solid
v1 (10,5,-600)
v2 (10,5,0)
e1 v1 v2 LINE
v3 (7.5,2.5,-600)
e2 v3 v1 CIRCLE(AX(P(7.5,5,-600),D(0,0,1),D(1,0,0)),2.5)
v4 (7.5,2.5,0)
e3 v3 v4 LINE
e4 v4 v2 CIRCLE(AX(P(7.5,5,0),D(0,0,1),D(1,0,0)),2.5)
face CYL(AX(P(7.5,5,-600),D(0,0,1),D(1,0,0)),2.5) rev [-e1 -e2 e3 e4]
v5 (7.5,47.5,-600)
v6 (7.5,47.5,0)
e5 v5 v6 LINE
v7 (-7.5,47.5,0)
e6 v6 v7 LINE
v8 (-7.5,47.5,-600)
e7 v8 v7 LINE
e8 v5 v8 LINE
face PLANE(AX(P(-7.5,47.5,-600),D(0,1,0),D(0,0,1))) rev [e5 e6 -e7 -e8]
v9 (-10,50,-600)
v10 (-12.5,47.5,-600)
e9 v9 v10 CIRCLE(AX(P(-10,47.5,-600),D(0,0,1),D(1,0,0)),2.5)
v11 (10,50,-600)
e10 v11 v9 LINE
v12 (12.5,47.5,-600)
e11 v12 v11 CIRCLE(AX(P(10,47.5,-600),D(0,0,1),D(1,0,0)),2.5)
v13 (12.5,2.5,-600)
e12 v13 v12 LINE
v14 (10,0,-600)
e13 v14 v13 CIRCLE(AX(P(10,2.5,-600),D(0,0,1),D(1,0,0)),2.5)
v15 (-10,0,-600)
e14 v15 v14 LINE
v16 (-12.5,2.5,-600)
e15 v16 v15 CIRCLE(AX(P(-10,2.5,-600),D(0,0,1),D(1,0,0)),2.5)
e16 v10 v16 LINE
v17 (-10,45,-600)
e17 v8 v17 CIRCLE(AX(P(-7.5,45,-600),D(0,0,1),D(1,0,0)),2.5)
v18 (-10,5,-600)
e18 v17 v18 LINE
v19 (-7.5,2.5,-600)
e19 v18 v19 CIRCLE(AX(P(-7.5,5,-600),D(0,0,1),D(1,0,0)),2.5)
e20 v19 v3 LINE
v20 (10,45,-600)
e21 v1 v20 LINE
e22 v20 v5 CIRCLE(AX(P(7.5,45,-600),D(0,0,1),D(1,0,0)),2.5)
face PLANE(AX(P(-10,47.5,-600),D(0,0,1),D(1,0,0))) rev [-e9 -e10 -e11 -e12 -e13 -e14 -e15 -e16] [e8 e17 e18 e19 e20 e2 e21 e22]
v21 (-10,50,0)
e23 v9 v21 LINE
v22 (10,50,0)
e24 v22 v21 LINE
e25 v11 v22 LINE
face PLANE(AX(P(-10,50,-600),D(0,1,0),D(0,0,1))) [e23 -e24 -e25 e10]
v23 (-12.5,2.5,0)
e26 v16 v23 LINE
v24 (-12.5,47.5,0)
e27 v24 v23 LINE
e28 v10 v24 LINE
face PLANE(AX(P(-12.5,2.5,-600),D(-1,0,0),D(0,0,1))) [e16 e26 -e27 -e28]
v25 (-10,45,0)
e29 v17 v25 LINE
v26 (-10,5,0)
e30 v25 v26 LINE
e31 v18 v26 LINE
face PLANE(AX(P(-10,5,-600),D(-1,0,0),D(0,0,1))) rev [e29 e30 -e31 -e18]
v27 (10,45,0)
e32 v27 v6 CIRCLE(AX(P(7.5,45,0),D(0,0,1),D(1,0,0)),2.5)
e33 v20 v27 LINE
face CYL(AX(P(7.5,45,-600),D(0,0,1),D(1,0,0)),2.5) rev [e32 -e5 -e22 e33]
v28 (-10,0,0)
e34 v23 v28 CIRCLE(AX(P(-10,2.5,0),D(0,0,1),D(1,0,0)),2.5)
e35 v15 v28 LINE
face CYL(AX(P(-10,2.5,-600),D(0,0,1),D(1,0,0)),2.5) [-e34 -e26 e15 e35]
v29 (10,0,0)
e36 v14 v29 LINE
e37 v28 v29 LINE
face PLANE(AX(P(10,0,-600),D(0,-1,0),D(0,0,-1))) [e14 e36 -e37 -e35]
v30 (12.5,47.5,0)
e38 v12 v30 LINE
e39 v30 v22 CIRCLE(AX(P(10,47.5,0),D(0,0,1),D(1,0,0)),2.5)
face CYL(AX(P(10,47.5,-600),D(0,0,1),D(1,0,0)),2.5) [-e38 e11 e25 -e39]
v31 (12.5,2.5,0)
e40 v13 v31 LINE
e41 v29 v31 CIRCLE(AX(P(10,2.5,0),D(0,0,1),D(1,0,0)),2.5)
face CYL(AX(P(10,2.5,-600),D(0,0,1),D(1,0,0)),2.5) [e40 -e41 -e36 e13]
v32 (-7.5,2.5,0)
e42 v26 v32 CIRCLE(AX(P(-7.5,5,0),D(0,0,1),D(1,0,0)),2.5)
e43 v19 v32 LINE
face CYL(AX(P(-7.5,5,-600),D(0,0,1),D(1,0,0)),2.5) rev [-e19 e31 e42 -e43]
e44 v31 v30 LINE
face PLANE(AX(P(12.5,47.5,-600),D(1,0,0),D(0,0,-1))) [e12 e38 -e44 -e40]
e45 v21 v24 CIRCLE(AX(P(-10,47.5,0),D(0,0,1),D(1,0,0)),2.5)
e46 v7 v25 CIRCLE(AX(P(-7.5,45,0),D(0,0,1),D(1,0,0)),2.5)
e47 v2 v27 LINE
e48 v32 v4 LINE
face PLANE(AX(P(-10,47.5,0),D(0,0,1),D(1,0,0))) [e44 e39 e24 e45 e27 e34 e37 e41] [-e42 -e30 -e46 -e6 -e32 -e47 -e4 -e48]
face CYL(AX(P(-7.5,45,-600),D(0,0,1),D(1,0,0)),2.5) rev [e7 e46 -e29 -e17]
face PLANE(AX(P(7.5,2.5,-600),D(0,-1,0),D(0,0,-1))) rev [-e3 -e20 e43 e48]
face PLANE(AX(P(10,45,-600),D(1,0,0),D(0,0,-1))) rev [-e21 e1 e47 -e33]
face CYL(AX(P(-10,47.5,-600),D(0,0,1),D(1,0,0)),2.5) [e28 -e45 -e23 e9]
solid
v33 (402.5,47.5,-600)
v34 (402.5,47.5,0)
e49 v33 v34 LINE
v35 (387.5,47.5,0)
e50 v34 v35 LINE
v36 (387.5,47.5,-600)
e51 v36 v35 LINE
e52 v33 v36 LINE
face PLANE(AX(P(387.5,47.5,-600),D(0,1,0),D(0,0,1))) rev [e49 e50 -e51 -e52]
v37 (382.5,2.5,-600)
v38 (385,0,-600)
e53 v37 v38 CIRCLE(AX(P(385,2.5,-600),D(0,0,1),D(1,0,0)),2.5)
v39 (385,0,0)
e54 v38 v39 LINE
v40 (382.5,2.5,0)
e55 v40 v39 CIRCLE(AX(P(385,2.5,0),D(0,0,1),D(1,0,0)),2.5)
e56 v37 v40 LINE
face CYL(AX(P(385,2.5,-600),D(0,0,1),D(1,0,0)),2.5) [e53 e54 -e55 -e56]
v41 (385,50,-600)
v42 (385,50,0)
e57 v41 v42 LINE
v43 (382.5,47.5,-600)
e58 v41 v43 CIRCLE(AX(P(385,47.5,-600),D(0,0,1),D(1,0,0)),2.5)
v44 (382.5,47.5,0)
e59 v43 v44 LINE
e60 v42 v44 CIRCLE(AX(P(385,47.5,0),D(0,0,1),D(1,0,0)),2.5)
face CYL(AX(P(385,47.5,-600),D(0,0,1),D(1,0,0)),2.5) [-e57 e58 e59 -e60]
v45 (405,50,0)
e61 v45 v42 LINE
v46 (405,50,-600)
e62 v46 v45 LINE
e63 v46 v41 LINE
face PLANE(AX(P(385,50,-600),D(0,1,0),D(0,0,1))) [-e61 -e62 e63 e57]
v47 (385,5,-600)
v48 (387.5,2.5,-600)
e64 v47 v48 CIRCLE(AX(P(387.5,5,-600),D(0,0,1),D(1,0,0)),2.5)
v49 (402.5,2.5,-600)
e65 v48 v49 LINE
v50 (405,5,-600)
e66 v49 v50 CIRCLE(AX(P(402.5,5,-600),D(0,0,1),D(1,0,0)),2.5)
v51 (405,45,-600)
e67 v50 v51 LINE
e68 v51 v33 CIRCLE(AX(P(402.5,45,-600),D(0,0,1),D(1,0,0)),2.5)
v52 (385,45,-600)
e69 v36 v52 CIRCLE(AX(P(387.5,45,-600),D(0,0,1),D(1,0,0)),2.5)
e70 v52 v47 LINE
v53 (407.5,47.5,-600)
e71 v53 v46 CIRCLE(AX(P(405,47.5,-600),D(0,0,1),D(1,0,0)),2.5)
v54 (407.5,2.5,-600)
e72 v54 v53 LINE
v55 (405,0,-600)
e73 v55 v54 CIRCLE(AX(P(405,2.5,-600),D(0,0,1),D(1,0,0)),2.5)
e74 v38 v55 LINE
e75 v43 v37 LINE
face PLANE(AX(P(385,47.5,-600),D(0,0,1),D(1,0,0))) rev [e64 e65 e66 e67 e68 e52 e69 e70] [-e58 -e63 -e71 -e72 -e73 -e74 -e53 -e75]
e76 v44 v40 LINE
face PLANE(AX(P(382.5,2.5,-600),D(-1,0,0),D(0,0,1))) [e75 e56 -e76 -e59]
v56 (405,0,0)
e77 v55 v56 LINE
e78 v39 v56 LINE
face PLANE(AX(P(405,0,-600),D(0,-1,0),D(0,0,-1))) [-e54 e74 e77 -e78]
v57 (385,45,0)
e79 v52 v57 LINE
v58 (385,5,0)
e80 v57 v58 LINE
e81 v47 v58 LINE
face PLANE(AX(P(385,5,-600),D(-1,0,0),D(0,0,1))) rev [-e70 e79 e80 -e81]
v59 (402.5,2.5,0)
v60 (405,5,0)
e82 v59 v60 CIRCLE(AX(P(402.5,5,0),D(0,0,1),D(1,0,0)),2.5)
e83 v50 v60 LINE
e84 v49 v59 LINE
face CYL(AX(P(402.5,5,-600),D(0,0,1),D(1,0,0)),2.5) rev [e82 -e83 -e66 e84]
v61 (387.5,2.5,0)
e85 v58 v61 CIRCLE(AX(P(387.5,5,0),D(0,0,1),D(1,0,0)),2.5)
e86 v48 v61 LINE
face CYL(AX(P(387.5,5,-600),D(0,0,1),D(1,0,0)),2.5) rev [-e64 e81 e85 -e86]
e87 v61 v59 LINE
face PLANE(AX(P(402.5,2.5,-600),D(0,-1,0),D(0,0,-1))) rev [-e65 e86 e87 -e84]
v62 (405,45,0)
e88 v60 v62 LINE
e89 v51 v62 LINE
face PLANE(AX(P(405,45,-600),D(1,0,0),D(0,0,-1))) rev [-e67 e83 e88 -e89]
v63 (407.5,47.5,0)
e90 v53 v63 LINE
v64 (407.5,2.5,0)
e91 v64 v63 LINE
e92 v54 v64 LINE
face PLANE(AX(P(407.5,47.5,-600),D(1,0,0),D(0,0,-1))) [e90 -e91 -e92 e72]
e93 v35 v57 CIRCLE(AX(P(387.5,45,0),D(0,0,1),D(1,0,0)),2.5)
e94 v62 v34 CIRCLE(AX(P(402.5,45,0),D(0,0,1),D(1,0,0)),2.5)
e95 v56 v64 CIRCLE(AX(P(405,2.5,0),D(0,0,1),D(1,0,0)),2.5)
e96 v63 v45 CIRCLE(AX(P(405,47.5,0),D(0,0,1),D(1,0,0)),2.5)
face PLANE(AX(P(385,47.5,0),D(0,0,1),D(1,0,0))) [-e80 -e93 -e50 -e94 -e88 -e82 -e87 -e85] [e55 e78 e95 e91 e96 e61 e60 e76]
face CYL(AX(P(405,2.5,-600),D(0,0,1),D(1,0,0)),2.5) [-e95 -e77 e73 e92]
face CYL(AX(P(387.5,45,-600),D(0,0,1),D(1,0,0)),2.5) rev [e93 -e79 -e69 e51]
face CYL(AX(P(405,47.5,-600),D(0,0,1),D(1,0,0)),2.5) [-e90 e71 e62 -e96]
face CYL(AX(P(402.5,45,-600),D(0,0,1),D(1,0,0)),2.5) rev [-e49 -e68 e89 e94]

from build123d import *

# Parameters (mm, degrees)
EXTRUDE_1_DEPTH   = 600
EXTRUDE_1_2_DEPTH = 600


with BuildPart() as part:
    # Эскиз1 → Бобышка-Вытянуть1 (new body)
    with BuildSketch(Plane.XY):
        with BuildLine():
            Line((-10, 50), (10, 50))
            ThreePointArc((10, 50), (11.767766953, 49.267766953), (12.5, 47.5))
            Line((12.5, 47.5), (12.5, 2.5))
            ThreePointArc((12.5, 2.5), (11.767766953, 0.732233047), (10, 0))
            Line((10, 0), (-10, 0))
            ThreePointArc((-10, 0), (-11.767766953, 0.732233047), (-12.5, 2.5))
            Line((-12.5, 2.5), (-12.5, 47.5))
            ThreePointArc((-12.5, 47.5), (-11.767766953, 49.267766953), (-10, 50))
        make_face()
        with BuildLine():
            Line((-7.5, 47.5), (7.5, 47.5))
            ThreePointArc((7.5, 47.5), (9.267766953, 46.767766953), (10, 45))
            Line((10, 45), (10, 5))
            ThreePointArc((10, 5), (9.267766953, 3.232233047), (7.5, 2.5))
            Line((7.5, 2.5), (-7.5, 2.5))
            ThreePointArc((-7.5, 2.5), (-9.267766953, 3.232233047), (-10, 5))
            Line((-10, 5), (-10, 45))
            ThreePointArc((-10, 45), (-9.267766953, 46.767766953), (-7.5, 47.5))
        make_face(mode=Mode.SUBTRACT)
    extrude(amount=-EXTRUDE_1_DEPTH)


with BuildPart() as body_2:
    # Эскиз1 → Extrude 1 2 (new body)
    with BuildSketch(Plane.XY):
        with BuildLine():
            Line((385, 50), (405, 50))
            ThreePointArc((405, 50), (406.767766953, 49.267766953), (407.5, 47.5))
            Line((407.5, 47.5), (407.5, 2.5))
            ThreePointArc((407.5, 2.5), (406.767766953, 0.732233047), (405, 0))
            Line((405, 0), (385, 0))
            ThreePointArc((385, 0), (383.232233047, 0.732233047), (382.5, 2.5))
            Line((382.5, 2.5), (382.5, 47.5))
            ThreePointArc((382.5, 47.5), (383.232233047, 49.267766953), (385, 50))
        make_face()
        with BuildLine():
            Line((387.5, 47.5), (402.5, 47.5))
            ThreePointArc((402.5, 47.5), (404.267766953, 46.767766953), (405, 45))
            Line((405, 45), (405, 5))
            ThreePointArc((405, 5), (404.267766953, 3.232233047), (402.5, 2.5))
            Line((402.5, 2.5), (387.5, 2.5))
            ThreePointArc((387.5, 2.5), (385.732233047, 3.232233047), (385, 5))
            Line((385, 5), (385, 45))
            ThreePointArc((385, 45), (385.732233047, 46.767766953), (387.5, 47.5))
        make_face(mode=Mode.SUBTRACT)
    extrude(amount=-EXTRUDE_1_2_DEPTH)


solid = Compound([part.part, body_2.part])
